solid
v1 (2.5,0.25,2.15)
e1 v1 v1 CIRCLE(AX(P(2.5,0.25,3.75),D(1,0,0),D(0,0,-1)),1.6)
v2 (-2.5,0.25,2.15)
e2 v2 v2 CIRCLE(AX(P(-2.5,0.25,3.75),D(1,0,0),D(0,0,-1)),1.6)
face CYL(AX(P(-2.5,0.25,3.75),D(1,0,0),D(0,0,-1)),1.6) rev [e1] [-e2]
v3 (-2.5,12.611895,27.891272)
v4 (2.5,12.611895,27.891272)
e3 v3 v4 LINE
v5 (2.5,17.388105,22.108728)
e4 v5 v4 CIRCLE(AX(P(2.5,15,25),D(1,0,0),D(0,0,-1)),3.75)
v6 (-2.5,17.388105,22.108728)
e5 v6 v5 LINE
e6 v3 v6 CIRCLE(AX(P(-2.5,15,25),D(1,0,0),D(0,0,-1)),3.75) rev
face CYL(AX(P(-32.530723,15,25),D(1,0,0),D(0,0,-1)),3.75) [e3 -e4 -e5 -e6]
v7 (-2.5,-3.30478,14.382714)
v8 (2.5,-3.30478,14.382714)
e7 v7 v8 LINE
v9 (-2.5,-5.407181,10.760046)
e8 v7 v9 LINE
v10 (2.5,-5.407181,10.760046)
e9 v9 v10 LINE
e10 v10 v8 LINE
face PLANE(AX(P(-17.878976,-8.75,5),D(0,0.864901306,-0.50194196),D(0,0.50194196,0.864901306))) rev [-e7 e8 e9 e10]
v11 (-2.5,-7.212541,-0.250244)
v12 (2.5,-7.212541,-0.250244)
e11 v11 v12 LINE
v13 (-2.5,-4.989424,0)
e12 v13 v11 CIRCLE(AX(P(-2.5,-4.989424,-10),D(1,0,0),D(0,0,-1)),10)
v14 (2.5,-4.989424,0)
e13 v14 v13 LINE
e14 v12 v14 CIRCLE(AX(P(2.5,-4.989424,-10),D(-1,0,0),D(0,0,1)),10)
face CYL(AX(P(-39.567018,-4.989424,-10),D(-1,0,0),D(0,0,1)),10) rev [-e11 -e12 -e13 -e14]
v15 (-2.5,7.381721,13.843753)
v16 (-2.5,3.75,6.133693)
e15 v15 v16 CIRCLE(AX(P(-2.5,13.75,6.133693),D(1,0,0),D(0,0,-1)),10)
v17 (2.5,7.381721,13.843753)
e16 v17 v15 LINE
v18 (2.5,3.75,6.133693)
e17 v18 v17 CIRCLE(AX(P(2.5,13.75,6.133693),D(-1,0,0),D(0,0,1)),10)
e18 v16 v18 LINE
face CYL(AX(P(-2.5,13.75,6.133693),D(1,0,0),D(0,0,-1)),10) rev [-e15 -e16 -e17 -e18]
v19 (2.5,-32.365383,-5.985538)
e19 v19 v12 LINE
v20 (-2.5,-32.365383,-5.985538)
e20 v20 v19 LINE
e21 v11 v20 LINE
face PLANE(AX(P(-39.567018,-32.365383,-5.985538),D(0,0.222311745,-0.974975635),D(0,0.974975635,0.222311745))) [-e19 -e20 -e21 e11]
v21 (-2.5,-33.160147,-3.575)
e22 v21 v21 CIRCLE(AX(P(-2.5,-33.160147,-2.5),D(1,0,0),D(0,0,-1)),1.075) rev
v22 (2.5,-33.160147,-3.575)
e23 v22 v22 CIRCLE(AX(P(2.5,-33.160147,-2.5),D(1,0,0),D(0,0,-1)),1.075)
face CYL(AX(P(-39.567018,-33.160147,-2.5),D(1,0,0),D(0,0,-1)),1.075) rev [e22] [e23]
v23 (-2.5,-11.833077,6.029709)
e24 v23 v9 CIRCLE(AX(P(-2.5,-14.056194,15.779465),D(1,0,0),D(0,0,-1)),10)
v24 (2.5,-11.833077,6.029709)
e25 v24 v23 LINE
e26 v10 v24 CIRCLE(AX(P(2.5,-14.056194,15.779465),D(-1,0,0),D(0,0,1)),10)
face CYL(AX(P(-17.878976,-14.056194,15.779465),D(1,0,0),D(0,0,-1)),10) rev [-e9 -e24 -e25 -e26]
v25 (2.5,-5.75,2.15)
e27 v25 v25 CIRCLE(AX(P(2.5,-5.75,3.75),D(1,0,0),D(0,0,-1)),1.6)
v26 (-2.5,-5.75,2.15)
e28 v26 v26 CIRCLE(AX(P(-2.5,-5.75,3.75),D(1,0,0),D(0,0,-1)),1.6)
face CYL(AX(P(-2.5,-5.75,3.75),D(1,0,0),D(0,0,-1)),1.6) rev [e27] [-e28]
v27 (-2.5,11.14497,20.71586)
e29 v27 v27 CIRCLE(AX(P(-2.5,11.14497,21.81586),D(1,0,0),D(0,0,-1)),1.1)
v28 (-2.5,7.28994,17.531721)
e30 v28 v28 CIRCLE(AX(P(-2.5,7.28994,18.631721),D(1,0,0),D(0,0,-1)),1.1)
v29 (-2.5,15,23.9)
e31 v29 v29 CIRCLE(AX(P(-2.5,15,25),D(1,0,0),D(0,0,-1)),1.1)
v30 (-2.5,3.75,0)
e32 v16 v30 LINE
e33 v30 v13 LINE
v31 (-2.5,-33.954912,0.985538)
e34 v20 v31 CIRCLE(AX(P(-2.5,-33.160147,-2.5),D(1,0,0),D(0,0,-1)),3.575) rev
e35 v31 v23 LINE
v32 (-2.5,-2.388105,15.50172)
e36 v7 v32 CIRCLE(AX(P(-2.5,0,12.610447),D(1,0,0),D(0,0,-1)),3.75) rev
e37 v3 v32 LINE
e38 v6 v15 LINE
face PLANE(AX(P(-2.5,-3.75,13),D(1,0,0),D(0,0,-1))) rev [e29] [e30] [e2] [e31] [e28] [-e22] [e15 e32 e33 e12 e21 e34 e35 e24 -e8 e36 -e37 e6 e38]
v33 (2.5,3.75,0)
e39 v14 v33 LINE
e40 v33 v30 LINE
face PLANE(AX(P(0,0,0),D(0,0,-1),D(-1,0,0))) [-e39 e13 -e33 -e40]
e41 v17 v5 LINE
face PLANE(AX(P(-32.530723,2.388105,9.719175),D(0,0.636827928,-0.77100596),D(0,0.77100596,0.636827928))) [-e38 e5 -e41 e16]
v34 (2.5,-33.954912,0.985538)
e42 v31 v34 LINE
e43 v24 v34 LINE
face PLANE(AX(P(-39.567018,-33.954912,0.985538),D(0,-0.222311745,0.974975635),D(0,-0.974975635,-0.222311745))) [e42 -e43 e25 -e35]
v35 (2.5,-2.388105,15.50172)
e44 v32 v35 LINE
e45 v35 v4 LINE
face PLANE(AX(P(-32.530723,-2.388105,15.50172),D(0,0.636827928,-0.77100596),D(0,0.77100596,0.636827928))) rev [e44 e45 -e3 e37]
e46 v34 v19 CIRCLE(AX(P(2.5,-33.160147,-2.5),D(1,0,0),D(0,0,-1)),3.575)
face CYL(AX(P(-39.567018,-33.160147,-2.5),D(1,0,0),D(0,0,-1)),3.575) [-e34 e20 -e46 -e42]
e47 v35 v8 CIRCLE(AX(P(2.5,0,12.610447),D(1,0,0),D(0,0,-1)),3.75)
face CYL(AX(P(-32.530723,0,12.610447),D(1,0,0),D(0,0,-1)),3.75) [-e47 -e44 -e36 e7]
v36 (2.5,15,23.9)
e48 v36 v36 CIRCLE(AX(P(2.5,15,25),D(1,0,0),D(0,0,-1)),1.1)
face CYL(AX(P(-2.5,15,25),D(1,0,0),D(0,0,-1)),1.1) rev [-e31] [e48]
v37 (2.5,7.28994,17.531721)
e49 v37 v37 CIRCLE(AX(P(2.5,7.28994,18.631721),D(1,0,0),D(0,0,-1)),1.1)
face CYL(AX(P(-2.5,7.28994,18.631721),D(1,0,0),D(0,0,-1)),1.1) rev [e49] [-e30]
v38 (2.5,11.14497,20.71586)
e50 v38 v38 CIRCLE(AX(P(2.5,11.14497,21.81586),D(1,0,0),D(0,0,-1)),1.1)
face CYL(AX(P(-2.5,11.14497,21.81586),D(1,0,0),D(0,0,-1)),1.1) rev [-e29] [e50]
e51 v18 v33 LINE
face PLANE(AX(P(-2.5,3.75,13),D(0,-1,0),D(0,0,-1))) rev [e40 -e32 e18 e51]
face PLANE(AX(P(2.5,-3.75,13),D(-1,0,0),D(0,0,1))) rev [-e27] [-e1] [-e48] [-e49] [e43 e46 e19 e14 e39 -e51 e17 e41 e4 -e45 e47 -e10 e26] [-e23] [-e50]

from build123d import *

# Parameters (mm, degrees)
SKETCH1_W           = 5
SKETCH1_H           = 7.5
BOSS_EXTRUDE1_DEPTH = 13
BOSS_EXTRUDE4_DEPTH = 5
SKETCH2_R           = 1.1
CUT_EXTRUDE1_DEPTH  = 35.686092314
LPATTERN1_COUNT     = 3
LPATTERN1_PITCH     = 5
SKETCH3_R           = 1.6
CUT_EXTRUDE2_DEPTH  = 35.686092314
BOSS_EXTRUDE2_DEPTH = 5
LPATTERN2_COUNT     = 2
LPATTERN2_PITCH     = 6
SKETCH5_R           = 1.075
SKETCH5_R_2         = 1.6
BOSS_EXTRUDE3_DEPTH = 5
FILLET2_R           = 10


with BuildPart() as part:
    # Sketch1 → Boss-Extrude1 (new body)
    with BuildSketch(Plane.XY):
        Rectangle(SKETCH1_W, SKETCH1_H)
    extrude(amount=BOSS_EXTRUDE1_DEPTH)

    # Sketch6 → Boss-Extrude4 (add)
    with BuildSketch(Plane(origin=(2.5, 0, 0), x_dir=(0, 0, -1), z_dir=(1, 0, 0))):
        with BuildLine():
            Line((-15.501719728, -2.388104729), (-27.89127235, 12.611895271))
            ThreePointArc((-27.89127235, 12.611895271), (-27.388104729, 17.89127235), (-22.10872765, 17.388104729))
            Line((-22.10872765, 17.388104729), (-9.719175027, 2.388104729))
            ThreePointArc((-9.719175027, 2.388104729), (-10.222342649, -2.89127235), (-15.501719728, -2.388104729))
        make_face()
    extrude(amount=-BOSS_EXTRUDE4_DEPTH)

    # Sketch2 → Cut-Extrude1 (cut, through all)
    with BuildSketch(Plane(origin=(2.5, 0, 0), x_dir=(0, 0, -1), z_dir=(1, 0, 0))):
        with Locations((-25, 15)):
            Circle(SKETCH2_R)
    cut_extrude1 = extrude(amount=-CUT_EXTRUDE1_DEPTH, mode=Mode.SUBTRACT)

    # LPattern1: Cut-Extrude1 ×3
    with Locations(*[Vector(0, -0.7710059601120912, -0.6368279276787667) * (i * LPATTERN1_PITCH) for i in range(1, LPATTERN1_COUNT)]):
        add(cut_extrude1, mode=Mode.SUBTRACT)

    # Sketch3 → Cut-Extrude2 (cut, through all)
    with BuildSketch(Plane(origin=(2.5, 0, 0), x_dir=(0, 0, -1), z_dir=(1, 0, 0))):
        with Locations((-3.75, 0.25)):
            Circle(SKETCH3_R)
    cut_extrude2 = extrude(amount=-CUT_EXTRUDE2_DEPTH, mode=Mode.SUBTRACT)

    # Sketch4 → Boss-Extrude2 (add)
    with BuildSketch(Plane(origin=(2.5, 0, 0), x_dir=(0, 0, -1), z_dir=(1, 0, 0))):
        Polygon((0, -3.75), (0, -8.75), (-5, -8.75), (-14.382714397, -3.304779813), align=None)
    extrude(amount=-BOSS_EXTRUDE2_DEPTH)

    # LPattern2: Cut-Extrude2 ×2
    with Locations(*[(0, -i * LPATTERN2_PITCH, 0) for i in range(1, LPATTERN2_COUNT)]):
        add(cut_extrude2, mode=Mode.SUBTRACT)

    # Sketch5 → Boss-Extrude3 (add)
    with BuildSketch(Plane(origin=(2.5, 0, 0), x_dir=(0, 0, -1), z_dir=(1, 0, 0))):
        with BuildLine():
            Line((-0.985537893, -33.954911928), (-7.235537893, -6.544764489))
            ThreePointArc((-7.235537893, -6.544764489), (-4.544764489, -2.264462107), (-0.264462107, -4.955235511))
            Line((-0.264462107, -4.955235511), (5.985537893, -32.365382949))
            ThreePointArc((5.985537893, -32.365382949), (3.294764489, -36.645685332), (-0.985537893, -33.954911928))
        make_face()
        with Locations((2.5, -33.160147439)):
            Circle(SKETCH5_R, mode=Mode.SUBTRACT)
        with Locations((-3.75, -5.75)):
            Circle(SKETCH5_R_2, mode=Mode.SUBTRACT)
    extrude(amount=-BOSS_EXTRUDE3_DEPTH)

    # Fillet2
    fillet2_edges = [part.edges().sort_by_distance(p)[0] for p in [
        (0, 3.75, 10.844059902),
        (0, -7.591071621, 6.996961301),
        (0, -6.115066764, 0),
    ]]
    fillet(fillet2_edges, radius=FILLET2_R)


solid = part.part
